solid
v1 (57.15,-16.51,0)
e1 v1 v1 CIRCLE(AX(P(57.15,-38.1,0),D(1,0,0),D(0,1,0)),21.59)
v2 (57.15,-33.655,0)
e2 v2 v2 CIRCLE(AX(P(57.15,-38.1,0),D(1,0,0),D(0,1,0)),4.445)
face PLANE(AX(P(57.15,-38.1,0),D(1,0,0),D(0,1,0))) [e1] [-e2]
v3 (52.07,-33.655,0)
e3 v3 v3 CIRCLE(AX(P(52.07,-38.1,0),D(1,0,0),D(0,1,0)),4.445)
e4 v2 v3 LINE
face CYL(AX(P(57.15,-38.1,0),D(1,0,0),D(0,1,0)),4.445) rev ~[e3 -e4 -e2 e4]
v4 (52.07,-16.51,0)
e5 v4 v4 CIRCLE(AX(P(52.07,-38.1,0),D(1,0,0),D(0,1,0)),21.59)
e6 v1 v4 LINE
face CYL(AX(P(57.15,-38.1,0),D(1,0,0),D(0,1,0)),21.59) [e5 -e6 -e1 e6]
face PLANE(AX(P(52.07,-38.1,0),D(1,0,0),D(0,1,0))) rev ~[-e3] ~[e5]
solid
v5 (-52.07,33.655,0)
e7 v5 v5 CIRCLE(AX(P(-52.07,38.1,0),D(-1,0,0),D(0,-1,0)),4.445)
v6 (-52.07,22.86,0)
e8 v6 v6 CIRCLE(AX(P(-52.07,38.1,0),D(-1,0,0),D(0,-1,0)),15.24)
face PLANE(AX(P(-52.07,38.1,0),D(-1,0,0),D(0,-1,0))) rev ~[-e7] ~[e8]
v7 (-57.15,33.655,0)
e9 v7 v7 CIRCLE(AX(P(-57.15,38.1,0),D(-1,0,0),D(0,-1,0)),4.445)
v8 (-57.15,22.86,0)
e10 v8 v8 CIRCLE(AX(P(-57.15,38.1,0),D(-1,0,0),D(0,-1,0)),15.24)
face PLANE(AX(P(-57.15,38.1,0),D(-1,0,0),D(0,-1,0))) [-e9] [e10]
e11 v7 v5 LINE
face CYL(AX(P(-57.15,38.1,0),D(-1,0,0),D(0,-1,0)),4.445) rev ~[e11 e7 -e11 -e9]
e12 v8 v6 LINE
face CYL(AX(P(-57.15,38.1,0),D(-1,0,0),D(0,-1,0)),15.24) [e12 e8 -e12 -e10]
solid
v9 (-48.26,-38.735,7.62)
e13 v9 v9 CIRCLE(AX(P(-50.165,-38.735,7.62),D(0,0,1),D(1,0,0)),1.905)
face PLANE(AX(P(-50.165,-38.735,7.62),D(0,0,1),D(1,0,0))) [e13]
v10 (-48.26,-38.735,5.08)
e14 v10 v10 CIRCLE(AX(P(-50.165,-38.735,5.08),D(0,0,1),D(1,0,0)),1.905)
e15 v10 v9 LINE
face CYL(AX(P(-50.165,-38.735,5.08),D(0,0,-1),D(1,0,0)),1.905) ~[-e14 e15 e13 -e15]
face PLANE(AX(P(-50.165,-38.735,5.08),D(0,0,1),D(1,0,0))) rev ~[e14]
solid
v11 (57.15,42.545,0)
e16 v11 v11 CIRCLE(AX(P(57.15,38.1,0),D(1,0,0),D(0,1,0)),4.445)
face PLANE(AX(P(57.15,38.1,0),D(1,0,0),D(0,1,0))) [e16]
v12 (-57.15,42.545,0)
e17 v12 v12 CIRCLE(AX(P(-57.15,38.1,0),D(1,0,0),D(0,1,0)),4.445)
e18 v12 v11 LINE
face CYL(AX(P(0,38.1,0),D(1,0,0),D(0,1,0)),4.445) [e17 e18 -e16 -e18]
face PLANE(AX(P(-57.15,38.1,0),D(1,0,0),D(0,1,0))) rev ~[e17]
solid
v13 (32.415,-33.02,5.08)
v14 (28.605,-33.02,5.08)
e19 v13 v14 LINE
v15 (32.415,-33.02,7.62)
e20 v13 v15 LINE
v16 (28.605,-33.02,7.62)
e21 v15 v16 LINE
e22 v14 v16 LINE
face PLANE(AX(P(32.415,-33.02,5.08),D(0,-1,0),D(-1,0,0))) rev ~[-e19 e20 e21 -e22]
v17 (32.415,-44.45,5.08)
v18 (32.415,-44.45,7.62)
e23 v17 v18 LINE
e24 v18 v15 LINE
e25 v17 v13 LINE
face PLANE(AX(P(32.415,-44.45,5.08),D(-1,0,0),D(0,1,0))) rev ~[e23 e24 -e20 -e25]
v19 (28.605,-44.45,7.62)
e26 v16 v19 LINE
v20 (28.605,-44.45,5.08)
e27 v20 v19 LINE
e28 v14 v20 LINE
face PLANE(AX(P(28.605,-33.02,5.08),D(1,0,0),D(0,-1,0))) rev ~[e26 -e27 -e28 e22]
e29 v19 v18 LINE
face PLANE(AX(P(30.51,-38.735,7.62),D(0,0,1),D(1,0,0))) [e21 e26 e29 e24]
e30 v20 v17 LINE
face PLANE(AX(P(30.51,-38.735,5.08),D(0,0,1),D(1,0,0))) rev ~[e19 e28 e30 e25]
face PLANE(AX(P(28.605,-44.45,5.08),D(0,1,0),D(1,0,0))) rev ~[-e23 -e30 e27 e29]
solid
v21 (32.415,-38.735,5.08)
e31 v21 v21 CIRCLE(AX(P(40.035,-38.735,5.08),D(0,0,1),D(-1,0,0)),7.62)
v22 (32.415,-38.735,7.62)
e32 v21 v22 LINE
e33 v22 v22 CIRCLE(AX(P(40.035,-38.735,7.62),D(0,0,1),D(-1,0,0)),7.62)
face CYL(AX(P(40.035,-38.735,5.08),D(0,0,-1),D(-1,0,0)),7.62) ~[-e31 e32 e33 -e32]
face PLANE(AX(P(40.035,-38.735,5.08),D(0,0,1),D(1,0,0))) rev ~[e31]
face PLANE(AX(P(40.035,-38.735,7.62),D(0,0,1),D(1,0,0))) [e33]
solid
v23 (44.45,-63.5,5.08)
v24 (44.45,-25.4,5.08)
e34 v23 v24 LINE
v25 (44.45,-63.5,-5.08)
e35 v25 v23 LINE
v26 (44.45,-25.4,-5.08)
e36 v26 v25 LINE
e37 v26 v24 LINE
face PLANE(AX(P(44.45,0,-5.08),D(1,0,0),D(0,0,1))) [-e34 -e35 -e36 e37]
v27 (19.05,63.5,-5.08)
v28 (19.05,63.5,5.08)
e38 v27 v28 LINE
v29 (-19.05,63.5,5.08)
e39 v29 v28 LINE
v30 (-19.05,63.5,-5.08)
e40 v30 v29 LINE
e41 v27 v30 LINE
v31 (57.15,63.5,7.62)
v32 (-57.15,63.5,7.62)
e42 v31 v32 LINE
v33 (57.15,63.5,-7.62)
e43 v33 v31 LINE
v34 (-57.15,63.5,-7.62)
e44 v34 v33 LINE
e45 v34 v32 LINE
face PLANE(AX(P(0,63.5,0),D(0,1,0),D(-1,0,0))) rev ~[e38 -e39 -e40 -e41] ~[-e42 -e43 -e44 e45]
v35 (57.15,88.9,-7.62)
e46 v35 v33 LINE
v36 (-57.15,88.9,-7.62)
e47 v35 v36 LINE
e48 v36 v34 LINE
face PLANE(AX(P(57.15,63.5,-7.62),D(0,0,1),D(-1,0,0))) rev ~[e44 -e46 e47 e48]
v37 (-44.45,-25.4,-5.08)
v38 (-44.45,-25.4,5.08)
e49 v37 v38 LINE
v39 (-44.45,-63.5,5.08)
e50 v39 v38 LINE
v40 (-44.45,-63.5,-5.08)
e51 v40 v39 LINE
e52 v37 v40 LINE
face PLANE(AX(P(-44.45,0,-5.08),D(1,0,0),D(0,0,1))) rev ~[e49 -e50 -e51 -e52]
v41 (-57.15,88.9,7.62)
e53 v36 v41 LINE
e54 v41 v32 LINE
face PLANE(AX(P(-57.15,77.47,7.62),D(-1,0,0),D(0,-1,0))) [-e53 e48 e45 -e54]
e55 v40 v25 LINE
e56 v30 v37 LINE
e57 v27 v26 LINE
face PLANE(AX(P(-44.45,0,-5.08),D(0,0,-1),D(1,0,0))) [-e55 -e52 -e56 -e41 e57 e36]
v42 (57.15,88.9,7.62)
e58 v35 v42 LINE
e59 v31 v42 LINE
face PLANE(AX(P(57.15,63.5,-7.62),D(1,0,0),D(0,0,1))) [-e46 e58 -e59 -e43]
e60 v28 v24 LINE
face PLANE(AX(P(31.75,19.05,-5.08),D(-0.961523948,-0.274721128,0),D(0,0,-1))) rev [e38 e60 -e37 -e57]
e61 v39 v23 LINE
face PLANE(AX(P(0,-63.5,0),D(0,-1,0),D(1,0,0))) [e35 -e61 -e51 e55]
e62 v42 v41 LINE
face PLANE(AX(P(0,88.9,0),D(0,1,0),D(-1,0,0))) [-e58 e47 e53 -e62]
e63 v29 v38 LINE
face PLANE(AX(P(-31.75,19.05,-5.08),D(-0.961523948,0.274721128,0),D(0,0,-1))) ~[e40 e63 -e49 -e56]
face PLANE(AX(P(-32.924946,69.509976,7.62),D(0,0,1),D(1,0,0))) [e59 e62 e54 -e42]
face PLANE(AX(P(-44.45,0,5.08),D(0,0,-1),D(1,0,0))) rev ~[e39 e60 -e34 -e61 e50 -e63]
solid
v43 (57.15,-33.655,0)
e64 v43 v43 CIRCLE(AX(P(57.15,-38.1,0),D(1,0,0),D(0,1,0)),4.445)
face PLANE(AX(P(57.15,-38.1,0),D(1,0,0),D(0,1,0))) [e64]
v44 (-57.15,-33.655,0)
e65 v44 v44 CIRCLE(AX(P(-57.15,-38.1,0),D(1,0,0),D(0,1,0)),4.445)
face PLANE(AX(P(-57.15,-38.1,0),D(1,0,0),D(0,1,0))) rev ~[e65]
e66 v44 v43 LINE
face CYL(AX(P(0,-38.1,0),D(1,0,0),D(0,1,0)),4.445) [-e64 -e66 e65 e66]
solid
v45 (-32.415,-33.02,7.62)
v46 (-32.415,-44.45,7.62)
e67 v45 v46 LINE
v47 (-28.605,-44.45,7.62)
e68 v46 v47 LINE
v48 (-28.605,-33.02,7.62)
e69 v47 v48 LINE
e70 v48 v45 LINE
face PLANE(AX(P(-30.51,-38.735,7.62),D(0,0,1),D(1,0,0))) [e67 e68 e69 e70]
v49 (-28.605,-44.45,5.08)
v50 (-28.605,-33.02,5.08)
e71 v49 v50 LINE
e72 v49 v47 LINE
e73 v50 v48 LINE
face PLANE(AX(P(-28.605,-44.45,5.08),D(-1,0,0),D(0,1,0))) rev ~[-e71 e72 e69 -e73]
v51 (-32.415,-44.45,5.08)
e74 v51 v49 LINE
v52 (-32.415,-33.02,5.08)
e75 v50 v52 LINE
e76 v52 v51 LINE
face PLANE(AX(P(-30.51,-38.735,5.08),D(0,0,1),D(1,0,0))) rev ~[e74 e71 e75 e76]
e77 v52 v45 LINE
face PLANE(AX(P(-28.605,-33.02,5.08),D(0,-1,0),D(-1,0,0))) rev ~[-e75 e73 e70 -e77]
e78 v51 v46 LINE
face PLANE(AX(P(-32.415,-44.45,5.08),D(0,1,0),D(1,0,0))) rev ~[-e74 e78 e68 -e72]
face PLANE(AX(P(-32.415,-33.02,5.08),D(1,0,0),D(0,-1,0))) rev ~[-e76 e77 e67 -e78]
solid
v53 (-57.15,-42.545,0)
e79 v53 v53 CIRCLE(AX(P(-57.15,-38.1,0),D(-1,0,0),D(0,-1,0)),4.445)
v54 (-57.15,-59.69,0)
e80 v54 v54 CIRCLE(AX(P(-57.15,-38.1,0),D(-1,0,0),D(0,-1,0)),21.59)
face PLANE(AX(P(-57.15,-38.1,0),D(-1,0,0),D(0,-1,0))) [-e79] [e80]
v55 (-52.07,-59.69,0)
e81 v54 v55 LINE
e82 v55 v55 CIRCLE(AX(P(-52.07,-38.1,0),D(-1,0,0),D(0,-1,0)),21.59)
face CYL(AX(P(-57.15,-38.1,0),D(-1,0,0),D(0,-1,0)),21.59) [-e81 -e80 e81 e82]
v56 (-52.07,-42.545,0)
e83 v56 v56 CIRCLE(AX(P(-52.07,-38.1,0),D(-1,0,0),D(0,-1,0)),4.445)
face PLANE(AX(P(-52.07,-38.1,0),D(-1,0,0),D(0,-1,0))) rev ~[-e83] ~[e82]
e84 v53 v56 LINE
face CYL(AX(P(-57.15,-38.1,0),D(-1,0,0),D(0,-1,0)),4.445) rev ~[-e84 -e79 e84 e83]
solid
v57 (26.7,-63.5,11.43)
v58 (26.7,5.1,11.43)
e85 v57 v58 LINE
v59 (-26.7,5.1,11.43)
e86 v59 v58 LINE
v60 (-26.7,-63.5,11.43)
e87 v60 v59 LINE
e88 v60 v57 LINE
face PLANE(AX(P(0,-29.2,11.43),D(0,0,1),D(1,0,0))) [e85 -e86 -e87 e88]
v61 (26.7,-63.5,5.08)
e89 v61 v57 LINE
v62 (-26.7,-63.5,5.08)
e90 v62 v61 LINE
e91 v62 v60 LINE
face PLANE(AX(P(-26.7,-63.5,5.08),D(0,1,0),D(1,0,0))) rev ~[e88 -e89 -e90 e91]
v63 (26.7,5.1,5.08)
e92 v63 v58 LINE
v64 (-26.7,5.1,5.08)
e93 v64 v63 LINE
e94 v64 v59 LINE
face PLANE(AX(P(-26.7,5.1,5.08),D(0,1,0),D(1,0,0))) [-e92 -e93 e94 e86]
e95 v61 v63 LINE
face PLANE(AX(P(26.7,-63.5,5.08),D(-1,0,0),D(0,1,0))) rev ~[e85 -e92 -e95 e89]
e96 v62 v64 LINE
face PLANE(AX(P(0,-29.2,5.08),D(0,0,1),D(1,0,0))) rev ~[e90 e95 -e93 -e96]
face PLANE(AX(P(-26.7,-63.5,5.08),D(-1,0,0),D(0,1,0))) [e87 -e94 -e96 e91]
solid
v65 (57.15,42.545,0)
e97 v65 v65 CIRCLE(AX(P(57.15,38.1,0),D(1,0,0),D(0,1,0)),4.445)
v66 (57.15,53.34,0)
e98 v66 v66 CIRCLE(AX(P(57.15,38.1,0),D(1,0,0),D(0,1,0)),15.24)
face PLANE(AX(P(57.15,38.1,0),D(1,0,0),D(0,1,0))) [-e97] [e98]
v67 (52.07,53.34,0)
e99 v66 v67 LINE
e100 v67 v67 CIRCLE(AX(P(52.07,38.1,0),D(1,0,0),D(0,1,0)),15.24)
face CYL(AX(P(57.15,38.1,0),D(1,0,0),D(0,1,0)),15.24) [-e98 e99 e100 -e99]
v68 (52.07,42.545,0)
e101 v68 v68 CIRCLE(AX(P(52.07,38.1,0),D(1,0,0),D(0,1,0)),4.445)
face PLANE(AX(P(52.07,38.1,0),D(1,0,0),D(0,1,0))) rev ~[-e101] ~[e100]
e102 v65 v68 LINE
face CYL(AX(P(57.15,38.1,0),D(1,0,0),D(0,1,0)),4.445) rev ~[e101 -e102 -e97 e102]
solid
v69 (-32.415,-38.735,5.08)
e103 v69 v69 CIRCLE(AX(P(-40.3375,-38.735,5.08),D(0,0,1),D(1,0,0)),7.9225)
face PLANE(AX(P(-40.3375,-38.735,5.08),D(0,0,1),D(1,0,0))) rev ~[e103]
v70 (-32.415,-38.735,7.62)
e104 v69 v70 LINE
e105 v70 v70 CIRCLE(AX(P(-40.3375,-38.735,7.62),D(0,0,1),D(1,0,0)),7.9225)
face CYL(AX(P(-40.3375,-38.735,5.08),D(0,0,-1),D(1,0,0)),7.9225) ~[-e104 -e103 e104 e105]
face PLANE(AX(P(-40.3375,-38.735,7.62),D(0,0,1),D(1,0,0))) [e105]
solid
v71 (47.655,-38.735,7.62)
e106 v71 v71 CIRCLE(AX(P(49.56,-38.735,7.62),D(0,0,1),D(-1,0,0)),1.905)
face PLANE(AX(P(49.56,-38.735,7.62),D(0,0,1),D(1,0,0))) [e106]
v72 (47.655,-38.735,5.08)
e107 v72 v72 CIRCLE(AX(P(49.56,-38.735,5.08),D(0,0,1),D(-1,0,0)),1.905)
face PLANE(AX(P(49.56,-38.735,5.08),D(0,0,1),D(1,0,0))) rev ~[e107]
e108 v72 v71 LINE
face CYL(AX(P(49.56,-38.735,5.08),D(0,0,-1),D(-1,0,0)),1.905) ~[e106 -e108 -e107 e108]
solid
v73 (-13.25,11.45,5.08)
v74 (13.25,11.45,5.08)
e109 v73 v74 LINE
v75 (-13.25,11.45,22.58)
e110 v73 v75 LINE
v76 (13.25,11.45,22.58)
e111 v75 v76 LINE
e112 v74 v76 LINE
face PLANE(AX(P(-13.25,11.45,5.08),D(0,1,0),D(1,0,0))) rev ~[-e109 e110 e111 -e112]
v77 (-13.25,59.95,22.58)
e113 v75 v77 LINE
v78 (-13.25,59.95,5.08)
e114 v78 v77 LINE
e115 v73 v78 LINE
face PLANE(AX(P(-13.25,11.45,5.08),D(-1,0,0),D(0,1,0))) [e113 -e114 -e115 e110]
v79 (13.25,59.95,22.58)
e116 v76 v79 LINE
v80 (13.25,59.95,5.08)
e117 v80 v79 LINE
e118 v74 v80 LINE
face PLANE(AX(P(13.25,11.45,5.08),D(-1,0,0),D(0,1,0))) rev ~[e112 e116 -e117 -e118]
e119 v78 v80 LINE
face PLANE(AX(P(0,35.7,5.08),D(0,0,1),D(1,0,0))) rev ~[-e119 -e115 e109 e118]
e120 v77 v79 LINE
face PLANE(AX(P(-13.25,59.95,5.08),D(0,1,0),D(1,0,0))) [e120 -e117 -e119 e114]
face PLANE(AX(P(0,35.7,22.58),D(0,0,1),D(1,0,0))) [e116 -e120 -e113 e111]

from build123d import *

# Parameters (mm, degrees)
F0_W      = 88.9
F0_H      = 10.16
F1_DEPTH  = 63.5
F2_W      = 53.4
F2_H      = 68.6
F3_DEPTH  = 6.35
F4_R      = 4.445
F5_DEPTH  = 57.15
F6_R      = 21.59
F6_R_2    = 4.445
F7_DEPTH  = 5.08
F6_R_3    = 15.24
F8_R      = 15.24
F8_R_2    = 4.445
F9_DEPTH  = 5.08
F8_R_3    = 21.59
F11_DEPTH = 2.54
F10_R     = 1.905
F2_W_2    = 26.5
F2_H_2    = 48.5
F12_DEPTH = 17.5
F13_SIZE2 = 88.9
F13_SIZE  = 25.4
F14_W     = 114.3
F14_H     = 15.24
F15_DEPTH = 25.4
F17_DEPTH = 15.24


with BuildPart() as f1:
    # F0 (on Front) → F1 (new body, symmetric)
    with BuildSketch(Plane.XZ):
        Rectangle(F0_W, F0_H)
    extrude(amount=F1_DEPTH, both=True)

    # F13
    f13_edges = [f1.edges().sort_by_distance(p)[0] for p in [
        (44.45, 63.5, 0),
        (-44.45, 63.5, 0),
    ]]
    f13_side = f1.faces().sort_by_distance((0, 63.5, 0))[0]
    chamfer(f13_edges, length=F13_SIZE, length2=F13_SIZE2, reference=f13_side)

    # F14 (on face) → F15 (join)
    with BuildSketch(Plane(origin=(0, 63.5, 0), x_dir=(-1, 0, 0), z_dir=(0, 1, 0))):
        Rectangle(F14_W, F14_H)
    extrude(amount=F15_DEPTH)

    # F16 (on face) → F17 (join)
    with BuildSketch(Plane.XY.offset(7.62)):
        Polygon((-57.15, 74.93), (-16.51, 63.5), (-7.366, 63.5), (-57.15, 77.47), align=None)
        Polygon((57.15, 77.47), (7.366, 63.5), (16.51, 63.5), (57.15, 74.93), align=None)
    extrude(amount=-F17_DEPTH)


with BuildPart() as f3:
    # F2 (on face) → F3 (new body)
    with BuildSketch(Plane.XY.offset(5.08)):
        with Locations((0, -29.2)):
            Rectangle(F2_W, F2_H)
    extrude(amount=F3_DEPTH)


with BuildPart() as f5:
    # F4 (on Right) → F5 (new body, symmetric)
    with BuildSketch(Plane.YZ):
        with Locations((-38.1, 0)):
            Circle(F4_R)
    extrude(amount=F5_DEPTH, both=True)


with BuildPart() as f5b:
    # F4 (on Right) → F5, piece 2 (new body, symmetric)
    with BuildSketch(Plane.YZ):
        with Locations((38.1, 0)):
            Circle(F4_R)
    extrude(amount=F5_DEPTH, both=True)


with BuildPart() as f7:
    # F6 (on face) → F7 (new body)
    with BuildSketch(Plane.YZ.offset(57.15)):
        with Locations((-38.1, 0)):
            Circle(F6_R)
        with Locations((-38.1, 0)):
            Circle(F6_R_2, mode=Mode.SUBTRACT)
    extrude(amount=-F7_DEPTH)


with BuildPart() as f7b:
    # F6 (on face) → F7, piece 2 (new body)
    with BuildSketch(Plane.YZ.offset(57.15)):
        with Locations((38.1, 0)):
            Circle(F6_R_3)
        with Locations((38.1, 0)):
            Circle(F6_R_2, mode=Mode.SUBTRACT)
    extrude(amount=-F7_DEPTH)


with BuildPart() as f9:
    # F8 (on face) → F9 (new body)
    with BuildSketch(Plane(origin=(-57.15, 0, 0), x_dir=(0, -1, 0), z_dir=(-1, 0, 0))):
        with Locations((-38.1, 0)):
            Circle(F8_R)
        with Locations((-38.1, 0)):
            Circle(F8_R_2, mode=Mode.SUBTRACT)
    extrude(amount=-F9_DEPTH)


with BuildPart() as f9b:
    # F8 (on face) → F9, piece 2 (new body)
    with BuildSketch(Plane(origin=(-57.15, 0, 0), x_dir=(0, -1, 0), z_dir=(-1, 0, 0))):
        with Locations((38.1, 0)):
            Circle(F8_R_3)
        with Locations((38.1, 0)):
            Circle(F8_R_2, mode=Mode.SUBTRACT)
    extrude(amount=-F9_DEPTH)


with BuildPart() as f11:
    # F10 (on face) → F11 (new body)
    with BuildSketch(Plane.XY.offset(5.08)):
        Polygon((28.605, -33.02), (28.605, -44.45), (32.415, -44.45), (32.415, -38.735), (32.415, -33.02), align=None)
    extrude(amount=F11_DEPTH)


with BuildPart() as f11b:
    # F10 (on face) → F11, piece 2 (new body)
    with BuildSketch(Plane.XY.offset(5.08)):
        with BuildLine():
            ThreePointArc((51.465, -38.735), (49.56, -36.83), (47.655, -38.735))
            ThreePointArc((47.655, -38.735), (49.56, -40.64), (51.465, -38.735))
        make_face()
    extrude(amount=F11_DEPTH)


with BuildPart() as f11c:
    # F10 (on face) → F11, piece 3 (new body)
    with BuildSketch(Plane.XY.offset(5.08)):
        with BuildLine():
            ThreePointArc((47.655, -38.735), (40.035, -31.115), (32.415, -38.735))
            ThreePointArc((32.415, -38.735), (40.035, -46.355), (47.655, -38.735))
        make_face()
    extrude(amount=F11_DEPTH)


with BuildPart() as f11d:
    # F10 (on face) → F11, piece 4 (new body)
    with BuildSketch(Plane.XY.offset(5.08)):
        with Locations((-50.165, -38.735)):
            Circle(F10_R)
    extrude(amount=F11_DEPTH)


with BuildPart() as f11e:
    # F10 (on face) → F11, piece 5 (new body)
    with BuildSketch(Plane.XY.offset(5.08)):
        with BuildLine():
            ThreePointArc((-48.26, -38.735), (-40.3375, -46.6575), (-32.415, -38.735))
            ThreePointArc((-32.415, -38.735), (-40.3375, -30.8125), (-48.26, -38.735))
        make_face()
    extrude(amount=F11_DEPTH)


with BuildPart() as f11f:
    # F10 (on face) → F11, piece 6 (new body)
    with BuildSketch(Plane.XY.offset(5.08)):
        Polygon((-32.415, -44.45), (-28.605, -44.45), (-28.605, -33.02), (-32.415, -33.02), (-32.415, -38.735), align=None)
    extrude(amount=F11_DEPTH)


with BuildPart() as f12:
    # F2 (on face) → F12 (new body)
    with BuildSketch(Plane.XY.offset(5.08)):
        with Locations((0, 35.7)):
            Rectangle(F2_W_2, F2_H_2)
    extrude(amount=F12_DEPTH)


solid = Compound([f1.part, f3.part, f5.part, f5b.part, f7.part, f7b.part, f9.part, f9b.part, f11.part, f11b.part, f11c.part, f11d.part, f11e.part, f11f.part, f12.part])
